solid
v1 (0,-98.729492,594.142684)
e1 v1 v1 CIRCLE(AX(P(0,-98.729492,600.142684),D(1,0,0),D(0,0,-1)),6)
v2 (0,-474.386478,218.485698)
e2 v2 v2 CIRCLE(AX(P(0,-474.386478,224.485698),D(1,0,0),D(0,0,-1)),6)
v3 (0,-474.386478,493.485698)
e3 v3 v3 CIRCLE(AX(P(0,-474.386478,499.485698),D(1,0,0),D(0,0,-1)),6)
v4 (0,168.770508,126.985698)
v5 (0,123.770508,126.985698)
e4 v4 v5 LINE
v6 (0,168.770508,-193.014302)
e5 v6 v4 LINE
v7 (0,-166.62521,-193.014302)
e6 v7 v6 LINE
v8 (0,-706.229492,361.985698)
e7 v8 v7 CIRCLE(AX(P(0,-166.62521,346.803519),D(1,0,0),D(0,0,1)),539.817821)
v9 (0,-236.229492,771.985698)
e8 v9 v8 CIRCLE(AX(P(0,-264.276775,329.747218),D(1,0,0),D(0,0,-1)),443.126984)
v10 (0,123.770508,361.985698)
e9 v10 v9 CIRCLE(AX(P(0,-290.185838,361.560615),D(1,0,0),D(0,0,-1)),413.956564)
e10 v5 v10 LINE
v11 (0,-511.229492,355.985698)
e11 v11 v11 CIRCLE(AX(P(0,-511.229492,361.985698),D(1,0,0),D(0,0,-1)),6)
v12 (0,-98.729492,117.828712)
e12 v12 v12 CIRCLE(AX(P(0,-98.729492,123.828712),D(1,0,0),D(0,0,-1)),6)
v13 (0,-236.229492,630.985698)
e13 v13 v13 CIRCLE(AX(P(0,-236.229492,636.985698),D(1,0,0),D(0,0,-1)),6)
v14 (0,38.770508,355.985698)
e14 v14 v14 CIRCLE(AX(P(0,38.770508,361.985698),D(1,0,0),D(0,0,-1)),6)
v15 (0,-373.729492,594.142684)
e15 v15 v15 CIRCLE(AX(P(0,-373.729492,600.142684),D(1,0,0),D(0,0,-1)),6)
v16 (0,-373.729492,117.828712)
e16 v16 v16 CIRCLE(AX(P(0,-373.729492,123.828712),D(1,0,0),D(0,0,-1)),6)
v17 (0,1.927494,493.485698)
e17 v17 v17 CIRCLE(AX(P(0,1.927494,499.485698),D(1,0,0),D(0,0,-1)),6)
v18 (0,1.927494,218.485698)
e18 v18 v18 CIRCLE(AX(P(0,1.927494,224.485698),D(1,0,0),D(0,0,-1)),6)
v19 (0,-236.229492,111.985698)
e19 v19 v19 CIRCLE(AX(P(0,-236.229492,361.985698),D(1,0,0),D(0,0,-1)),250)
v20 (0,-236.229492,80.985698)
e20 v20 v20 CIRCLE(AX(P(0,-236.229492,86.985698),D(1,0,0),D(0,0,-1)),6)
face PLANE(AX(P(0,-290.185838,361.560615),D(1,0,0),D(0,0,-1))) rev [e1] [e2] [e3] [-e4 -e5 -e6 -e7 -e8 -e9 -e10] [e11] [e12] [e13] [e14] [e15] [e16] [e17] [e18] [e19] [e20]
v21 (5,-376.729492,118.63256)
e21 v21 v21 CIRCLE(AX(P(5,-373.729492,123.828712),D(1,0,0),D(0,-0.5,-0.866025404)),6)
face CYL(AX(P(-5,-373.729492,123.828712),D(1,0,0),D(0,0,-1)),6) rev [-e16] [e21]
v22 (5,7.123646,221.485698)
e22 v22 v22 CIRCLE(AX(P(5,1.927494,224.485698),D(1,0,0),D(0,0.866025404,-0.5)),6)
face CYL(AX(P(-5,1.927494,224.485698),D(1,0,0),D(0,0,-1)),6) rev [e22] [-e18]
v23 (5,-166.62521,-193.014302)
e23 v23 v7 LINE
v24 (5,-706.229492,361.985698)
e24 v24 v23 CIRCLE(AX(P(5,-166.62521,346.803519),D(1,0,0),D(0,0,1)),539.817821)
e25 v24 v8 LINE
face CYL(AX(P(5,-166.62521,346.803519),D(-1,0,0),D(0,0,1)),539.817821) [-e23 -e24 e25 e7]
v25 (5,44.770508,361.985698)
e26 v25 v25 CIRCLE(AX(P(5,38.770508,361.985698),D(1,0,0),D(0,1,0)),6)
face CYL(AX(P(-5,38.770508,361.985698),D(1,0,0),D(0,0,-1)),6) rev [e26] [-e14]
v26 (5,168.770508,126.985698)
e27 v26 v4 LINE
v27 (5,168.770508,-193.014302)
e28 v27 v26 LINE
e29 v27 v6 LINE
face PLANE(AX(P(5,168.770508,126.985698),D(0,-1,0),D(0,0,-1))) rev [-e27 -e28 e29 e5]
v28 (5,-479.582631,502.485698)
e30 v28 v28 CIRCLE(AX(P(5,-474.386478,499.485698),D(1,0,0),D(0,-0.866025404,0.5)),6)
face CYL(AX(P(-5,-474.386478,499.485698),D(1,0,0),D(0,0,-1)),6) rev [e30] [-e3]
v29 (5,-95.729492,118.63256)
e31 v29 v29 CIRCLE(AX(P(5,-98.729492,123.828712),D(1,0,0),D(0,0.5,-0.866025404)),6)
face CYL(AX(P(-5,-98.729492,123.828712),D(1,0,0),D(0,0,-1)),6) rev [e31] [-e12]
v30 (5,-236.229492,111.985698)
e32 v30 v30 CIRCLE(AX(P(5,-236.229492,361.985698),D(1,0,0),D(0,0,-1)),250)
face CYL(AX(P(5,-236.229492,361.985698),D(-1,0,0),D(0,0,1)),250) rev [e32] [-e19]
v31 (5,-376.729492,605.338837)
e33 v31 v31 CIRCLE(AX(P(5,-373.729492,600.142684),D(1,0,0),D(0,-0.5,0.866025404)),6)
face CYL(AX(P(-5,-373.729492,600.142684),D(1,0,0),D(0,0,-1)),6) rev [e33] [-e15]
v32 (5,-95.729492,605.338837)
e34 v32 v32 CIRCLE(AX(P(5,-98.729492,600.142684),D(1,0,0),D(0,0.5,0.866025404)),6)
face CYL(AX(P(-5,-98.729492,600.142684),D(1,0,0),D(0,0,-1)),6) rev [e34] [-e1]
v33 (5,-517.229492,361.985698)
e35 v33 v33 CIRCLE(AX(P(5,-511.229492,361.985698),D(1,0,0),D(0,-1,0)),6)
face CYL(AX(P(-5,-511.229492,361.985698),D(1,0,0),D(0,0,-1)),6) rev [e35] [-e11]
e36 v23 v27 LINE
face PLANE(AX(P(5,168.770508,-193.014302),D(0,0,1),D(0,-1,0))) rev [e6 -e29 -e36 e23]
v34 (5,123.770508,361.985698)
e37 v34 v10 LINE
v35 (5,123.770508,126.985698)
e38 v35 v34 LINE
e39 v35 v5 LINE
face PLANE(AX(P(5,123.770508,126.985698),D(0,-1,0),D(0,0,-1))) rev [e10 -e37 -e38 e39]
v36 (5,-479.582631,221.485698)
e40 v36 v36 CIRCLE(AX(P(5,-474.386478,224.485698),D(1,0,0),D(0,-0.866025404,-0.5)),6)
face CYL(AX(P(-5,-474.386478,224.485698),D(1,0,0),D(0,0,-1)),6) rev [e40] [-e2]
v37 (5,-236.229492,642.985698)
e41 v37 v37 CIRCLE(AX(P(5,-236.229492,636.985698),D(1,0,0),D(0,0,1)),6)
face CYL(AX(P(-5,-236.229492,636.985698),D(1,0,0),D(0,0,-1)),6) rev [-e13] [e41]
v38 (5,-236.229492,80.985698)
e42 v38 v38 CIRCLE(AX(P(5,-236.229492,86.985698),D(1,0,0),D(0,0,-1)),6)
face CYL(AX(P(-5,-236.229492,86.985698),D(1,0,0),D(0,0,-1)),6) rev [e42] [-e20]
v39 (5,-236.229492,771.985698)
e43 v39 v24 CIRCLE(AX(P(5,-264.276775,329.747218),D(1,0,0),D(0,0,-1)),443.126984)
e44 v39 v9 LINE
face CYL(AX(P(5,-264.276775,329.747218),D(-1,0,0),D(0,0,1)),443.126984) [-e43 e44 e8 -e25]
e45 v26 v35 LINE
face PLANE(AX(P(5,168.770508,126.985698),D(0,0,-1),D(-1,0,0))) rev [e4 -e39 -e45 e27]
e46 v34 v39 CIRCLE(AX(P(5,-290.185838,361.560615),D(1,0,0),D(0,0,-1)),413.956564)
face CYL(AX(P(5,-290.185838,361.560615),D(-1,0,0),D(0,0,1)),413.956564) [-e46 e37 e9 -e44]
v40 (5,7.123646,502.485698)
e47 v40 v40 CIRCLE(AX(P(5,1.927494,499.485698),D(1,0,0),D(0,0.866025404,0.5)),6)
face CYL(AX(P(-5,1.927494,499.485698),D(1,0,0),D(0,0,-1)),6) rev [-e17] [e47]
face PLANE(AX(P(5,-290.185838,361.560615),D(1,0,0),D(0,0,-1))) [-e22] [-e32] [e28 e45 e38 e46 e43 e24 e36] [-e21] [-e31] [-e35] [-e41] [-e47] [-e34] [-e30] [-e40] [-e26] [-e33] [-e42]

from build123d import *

# Parameters (mm, degrees)
SKETCH1_R           = 250
BOSS_EXTRUDE1_DEPTH = 5
SKETCH2_R           = 6
CUT_EXTRUDE1_DEPTH  = 10
CIRPATTERN1_COUNT   = 12


with BuildPart() as part:
    # Sketch1 → Boss-Extrude1 (new body)
    with BuildSketch(Plane(origin=(0, 0, 0), x_dir=(0, 0, -1), z_dir=(1, 0, 0))):
        with BuildLine():
            Line((-126.985698369, 168.770507744), (193.014301631, 168.770507744))
            Line((193.014301631, 168.770507744), (193.014301631, -166.625210225))
            ThreePointArc((193.014301631, -166.625210225), (29.499330124, -553.664543235), (-361.985698369, -706.229492256))
            ThreePointArc((-361.985698369, -706.229492256), (-663.674001264, -555.574607548), (-771.985698369, -236.229492256))
            ThreePointArc((-771.985698369, -236.229492256), (-634.689640971, 20.877775707), (-361.985698369, 123.770507744))
            Line((-361.985698369, 123.770507744), (-126.985698369, 123.770507744))
            Line((-126.985698369, 123.770507744), (-126.985698369, 168.770507744))
        make_face()
        with Locations((-361.985698369, -236.229492256)):
            Circle(SKETCH1_R, mode=Mode.SUBTRACT)
    extrude(amount=BOSS_EXTRUDE1_DEPTH)

    # Sketch2 → Cut-Extrude1 (cut)
    with BuildSketch(Plane(origin=(5, 0, 0), x_dir=(0, 0, -1), z_dir=(1, 0, 0))):
        with Locations((-86.985698369, -236.229492256)):
            Circle(SKETCH2_R)
    cut_extrude1 = extrude(amount=-CUT_EXTRUDE1_DEPTH, mode=Mode.SUBTRACT)

    # CirPattern1: Cut-Extrude1 ×12 about axis
    cirpattern1_axis = Axis((0, -236.229492256, 361.985698369), (1, 0, 0))
    for i in range(1, CIRPATTERN1_COUNT):
        add(cut_extrude1.rotate(cirpattern1_axis, i * 360 / CIRPATTERN1_COUNT), mode=Mode.SUBTRACT)


solid = part.part
